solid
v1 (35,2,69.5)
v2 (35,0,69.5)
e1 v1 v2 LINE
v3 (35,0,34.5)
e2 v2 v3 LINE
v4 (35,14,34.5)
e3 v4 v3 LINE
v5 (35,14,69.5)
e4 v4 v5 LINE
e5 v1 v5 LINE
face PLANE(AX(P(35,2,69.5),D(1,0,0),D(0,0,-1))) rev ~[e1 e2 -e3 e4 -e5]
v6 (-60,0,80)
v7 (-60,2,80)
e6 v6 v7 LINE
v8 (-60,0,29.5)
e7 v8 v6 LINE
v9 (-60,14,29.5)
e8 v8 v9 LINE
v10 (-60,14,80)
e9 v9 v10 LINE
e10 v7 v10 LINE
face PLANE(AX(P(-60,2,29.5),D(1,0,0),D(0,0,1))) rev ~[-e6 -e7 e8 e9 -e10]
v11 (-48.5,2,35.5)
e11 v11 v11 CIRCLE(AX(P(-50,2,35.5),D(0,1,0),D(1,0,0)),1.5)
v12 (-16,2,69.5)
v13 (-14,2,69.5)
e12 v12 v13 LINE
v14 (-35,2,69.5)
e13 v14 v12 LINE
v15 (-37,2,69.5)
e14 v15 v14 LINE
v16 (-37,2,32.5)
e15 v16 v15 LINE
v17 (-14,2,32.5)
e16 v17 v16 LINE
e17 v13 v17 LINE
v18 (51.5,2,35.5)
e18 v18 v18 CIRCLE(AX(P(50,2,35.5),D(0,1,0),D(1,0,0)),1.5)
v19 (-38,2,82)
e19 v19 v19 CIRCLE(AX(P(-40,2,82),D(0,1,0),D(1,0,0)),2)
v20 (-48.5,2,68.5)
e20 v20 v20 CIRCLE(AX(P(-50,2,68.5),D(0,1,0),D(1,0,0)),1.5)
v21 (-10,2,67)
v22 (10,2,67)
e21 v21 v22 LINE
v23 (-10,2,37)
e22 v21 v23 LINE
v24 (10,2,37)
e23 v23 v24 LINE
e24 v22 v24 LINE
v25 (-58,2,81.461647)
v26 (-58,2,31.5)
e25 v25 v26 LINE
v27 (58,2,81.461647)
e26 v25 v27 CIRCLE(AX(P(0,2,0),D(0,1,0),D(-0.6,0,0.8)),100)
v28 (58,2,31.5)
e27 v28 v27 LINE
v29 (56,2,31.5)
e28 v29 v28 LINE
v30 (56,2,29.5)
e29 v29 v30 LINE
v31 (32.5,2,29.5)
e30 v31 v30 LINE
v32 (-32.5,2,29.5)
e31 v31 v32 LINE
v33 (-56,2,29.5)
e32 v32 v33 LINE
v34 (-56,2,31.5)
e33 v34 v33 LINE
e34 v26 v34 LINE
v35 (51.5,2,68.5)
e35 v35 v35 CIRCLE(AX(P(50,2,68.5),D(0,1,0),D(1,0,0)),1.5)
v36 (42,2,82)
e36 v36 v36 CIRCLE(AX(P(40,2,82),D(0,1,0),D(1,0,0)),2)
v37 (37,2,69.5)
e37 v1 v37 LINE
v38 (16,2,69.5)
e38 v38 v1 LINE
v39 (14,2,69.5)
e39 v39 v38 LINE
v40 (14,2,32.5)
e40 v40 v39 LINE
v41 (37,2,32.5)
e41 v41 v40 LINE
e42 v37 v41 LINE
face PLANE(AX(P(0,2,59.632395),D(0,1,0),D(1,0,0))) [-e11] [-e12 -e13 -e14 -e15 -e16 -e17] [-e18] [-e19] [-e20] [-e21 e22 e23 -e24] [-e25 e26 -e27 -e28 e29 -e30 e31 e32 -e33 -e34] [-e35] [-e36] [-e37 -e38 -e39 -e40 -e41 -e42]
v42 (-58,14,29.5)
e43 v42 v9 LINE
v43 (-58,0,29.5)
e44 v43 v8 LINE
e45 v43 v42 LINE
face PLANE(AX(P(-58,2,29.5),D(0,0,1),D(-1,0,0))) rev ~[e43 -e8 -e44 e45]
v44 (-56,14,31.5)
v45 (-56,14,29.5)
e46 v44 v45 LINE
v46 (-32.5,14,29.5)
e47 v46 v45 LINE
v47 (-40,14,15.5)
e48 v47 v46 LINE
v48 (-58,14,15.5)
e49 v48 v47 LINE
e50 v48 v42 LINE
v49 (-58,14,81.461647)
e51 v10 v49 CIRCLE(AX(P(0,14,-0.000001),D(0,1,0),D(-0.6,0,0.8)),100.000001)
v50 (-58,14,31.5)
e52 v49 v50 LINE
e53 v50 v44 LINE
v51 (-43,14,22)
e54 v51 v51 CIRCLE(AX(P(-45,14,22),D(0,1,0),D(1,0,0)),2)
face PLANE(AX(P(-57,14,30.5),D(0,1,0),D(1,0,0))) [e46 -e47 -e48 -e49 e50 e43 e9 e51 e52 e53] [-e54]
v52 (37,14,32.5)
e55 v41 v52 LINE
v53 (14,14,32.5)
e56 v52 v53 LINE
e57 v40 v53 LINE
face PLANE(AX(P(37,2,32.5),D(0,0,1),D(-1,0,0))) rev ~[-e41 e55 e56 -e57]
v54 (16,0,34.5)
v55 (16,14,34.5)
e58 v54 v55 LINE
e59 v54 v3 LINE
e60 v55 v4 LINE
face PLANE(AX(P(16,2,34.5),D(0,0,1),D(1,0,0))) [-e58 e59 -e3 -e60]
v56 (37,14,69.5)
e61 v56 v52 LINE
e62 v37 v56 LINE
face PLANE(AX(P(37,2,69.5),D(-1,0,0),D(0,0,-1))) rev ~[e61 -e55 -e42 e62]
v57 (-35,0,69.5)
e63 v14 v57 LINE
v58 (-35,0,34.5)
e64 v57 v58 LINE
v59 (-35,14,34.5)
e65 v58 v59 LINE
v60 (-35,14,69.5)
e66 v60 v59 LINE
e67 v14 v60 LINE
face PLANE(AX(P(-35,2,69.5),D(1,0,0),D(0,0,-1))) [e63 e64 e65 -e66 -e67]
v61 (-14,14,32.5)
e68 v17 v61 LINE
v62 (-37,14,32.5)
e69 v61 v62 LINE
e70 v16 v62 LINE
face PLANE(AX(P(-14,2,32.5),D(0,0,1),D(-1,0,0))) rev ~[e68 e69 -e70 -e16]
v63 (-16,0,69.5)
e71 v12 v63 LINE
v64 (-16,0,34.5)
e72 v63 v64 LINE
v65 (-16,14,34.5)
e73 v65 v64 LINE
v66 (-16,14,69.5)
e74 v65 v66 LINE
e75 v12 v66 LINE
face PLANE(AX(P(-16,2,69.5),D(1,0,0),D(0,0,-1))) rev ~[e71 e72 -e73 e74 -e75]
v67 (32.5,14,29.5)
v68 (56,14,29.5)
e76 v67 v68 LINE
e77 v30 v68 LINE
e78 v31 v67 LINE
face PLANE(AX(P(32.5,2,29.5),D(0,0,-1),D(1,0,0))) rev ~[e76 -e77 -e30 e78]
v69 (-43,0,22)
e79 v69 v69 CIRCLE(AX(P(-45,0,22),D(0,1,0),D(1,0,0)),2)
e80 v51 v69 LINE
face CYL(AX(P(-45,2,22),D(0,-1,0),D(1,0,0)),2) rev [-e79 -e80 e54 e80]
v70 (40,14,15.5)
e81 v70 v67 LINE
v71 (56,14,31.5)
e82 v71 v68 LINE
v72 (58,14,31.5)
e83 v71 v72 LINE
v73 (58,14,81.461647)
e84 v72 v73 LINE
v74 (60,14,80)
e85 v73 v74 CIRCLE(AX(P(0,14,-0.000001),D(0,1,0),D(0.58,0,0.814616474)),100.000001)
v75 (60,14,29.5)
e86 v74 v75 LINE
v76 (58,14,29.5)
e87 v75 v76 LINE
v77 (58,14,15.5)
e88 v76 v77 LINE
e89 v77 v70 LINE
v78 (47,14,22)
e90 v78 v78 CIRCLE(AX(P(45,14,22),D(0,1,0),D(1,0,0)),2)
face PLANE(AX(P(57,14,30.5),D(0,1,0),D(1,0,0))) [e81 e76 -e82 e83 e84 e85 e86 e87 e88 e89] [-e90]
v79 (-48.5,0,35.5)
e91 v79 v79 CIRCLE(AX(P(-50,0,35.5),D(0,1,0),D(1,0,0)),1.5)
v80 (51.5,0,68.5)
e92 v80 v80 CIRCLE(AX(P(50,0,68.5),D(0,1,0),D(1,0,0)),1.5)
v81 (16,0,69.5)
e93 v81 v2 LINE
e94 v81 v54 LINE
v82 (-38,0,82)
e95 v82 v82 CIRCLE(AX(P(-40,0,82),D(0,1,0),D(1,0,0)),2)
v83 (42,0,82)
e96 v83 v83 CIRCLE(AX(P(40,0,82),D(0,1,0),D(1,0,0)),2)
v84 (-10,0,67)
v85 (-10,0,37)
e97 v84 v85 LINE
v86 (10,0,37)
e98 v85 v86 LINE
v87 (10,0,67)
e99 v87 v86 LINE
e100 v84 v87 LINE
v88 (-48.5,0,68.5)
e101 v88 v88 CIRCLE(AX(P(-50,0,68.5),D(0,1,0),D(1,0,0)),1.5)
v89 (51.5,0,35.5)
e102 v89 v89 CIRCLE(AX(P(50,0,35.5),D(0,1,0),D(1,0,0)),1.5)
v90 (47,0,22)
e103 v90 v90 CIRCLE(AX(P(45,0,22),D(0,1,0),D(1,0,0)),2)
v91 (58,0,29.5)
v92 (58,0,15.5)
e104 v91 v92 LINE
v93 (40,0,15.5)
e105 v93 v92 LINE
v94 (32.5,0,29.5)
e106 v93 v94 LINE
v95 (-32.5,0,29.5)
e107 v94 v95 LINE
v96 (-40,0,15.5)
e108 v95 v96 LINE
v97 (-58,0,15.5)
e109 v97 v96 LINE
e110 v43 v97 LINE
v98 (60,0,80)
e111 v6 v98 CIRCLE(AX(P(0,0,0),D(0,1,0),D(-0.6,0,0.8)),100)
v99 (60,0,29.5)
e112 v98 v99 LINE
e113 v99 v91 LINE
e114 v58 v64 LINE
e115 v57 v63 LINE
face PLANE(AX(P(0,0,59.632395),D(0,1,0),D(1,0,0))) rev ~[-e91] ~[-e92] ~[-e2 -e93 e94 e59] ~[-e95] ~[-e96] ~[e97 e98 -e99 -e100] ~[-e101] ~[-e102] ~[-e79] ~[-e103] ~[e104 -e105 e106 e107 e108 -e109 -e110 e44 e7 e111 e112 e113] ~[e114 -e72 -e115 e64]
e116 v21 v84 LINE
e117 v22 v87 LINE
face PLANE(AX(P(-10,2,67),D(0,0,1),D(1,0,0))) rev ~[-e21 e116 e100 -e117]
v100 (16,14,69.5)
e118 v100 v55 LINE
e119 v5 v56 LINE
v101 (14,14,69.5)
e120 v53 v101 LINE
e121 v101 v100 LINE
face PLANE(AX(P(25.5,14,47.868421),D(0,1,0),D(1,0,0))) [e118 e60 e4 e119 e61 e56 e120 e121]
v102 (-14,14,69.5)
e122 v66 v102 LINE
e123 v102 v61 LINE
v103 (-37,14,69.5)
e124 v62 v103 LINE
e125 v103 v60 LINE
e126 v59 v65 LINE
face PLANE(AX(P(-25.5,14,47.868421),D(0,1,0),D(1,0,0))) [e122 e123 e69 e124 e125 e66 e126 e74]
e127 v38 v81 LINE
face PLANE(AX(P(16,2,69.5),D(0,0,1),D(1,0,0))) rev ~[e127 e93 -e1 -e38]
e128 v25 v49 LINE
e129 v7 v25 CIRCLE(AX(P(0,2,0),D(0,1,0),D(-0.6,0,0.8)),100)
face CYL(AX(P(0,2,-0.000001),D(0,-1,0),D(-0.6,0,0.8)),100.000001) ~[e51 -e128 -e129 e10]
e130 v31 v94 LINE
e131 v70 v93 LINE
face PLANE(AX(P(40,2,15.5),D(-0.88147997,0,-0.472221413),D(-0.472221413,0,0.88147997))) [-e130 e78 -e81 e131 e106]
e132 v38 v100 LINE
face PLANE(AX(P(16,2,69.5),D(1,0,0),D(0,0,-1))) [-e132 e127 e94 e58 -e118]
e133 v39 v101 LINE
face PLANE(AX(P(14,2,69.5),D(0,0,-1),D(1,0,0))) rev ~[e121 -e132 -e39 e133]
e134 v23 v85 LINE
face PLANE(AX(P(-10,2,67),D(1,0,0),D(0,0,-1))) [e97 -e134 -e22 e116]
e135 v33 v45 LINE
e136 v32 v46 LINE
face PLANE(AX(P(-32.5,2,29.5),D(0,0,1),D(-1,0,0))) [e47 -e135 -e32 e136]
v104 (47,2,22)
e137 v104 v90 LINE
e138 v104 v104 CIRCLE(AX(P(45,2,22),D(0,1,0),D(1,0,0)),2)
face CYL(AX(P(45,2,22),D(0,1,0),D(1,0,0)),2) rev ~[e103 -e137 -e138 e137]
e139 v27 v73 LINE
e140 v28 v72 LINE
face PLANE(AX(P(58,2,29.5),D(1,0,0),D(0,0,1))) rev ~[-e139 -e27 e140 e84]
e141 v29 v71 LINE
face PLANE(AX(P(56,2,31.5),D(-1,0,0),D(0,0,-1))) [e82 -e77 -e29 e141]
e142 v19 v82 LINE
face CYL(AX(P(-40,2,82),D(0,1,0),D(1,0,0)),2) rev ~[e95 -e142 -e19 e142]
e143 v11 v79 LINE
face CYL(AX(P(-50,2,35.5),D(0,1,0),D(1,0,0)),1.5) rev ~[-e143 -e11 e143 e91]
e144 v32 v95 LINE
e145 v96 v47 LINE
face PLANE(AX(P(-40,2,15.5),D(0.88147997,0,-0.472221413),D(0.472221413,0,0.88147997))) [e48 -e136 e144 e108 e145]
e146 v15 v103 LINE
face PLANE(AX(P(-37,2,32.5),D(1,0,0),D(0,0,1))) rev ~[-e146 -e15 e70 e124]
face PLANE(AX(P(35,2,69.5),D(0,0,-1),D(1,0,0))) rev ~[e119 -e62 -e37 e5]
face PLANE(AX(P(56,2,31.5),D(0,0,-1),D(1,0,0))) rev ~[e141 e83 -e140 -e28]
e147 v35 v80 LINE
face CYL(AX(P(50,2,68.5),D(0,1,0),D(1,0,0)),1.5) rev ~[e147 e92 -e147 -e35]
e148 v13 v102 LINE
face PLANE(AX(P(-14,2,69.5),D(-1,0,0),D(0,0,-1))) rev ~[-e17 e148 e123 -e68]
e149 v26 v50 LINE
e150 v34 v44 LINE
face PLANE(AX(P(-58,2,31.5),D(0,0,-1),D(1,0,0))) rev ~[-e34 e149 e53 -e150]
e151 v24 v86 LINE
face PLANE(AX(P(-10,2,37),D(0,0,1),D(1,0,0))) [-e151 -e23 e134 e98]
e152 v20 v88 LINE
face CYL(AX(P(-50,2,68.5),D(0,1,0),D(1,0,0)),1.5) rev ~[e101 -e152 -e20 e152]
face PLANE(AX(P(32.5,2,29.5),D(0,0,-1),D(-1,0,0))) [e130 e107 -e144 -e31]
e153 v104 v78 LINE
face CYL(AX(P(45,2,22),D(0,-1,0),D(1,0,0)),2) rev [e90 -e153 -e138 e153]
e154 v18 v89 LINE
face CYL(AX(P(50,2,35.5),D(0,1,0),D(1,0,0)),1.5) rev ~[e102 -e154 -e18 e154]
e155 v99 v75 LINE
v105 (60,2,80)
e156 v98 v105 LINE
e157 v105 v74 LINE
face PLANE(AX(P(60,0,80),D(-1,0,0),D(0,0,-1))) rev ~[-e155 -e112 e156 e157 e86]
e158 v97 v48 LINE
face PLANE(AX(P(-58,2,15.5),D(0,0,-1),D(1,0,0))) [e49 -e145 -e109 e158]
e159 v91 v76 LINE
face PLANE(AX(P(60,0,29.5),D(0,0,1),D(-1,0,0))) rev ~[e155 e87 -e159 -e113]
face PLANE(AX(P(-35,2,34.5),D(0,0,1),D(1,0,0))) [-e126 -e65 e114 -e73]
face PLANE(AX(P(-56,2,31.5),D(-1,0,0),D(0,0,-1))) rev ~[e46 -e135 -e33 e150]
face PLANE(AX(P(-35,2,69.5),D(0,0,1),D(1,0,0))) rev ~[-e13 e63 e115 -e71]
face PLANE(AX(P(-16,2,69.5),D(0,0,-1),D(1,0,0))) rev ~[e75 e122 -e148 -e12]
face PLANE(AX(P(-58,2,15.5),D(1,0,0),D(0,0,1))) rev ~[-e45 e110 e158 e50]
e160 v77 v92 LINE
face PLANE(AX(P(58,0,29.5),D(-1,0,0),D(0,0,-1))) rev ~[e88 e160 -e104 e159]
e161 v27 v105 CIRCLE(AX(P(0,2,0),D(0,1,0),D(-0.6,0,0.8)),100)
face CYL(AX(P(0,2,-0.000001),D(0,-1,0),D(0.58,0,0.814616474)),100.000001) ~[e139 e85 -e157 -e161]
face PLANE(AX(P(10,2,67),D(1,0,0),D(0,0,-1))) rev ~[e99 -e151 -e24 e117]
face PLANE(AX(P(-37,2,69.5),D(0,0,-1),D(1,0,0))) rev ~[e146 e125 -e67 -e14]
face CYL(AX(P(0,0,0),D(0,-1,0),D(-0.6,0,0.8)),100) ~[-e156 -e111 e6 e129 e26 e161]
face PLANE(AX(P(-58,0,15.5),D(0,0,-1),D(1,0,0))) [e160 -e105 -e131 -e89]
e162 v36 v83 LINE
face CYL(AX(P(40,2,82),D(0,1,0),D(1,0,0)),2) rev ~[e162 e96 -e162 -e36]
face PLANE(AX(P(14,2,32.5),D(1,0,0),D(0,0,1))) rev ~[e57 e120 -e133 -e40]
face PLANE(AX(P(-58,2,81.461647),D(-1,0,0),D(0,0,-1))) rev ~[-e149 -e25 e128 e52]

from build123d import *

# Parameters (mm, degrees)
SKETCH_1_W                  = 116
SKETCH_1_H                  = 14
EXTRUDE_763_DEPTH           = 2
CUT_EXTRUDE_1069_DEPTH      = 2
SKETCH_5_W                  = 19
SKETCH_5_H                  = 35
SKETCH_5_W_2                = 20
SKETCH_5_H_2                = 30
CUT_EXTRUDE_1759_DEPTH      = 2
EXTRUDE_3355_DEPTH          = 12
SKETCH_7_W                  = 2
SKETCH_7_H                  = 2
EXTRUDE_4350_DEPTH          = 12
SKETCH_2_R                  = 2
SKETCH_2_R_2                = 1.5
CUT_EXTRUDE_5250_DEPTH      = 12
CUT_EXTRUDE_5250_DEPTH_BACK = 2


with BuildPart() as part:
    # 草图1 → Extrude 763 (new body)
    with BuildSketch(Plane(origin=(0, 0, 0), x_dir=(1, 0, 0), z_dir=(0, 1, 0))):
        with BuildLine():
            Line((-60, -29.5), (-60, -80))
            ThreePointArc((-60, -80), (0, -100), (60, -80))
            Line((60, -80), (60, -29.5))
            Line((60, -29.5), (58, -29.5))
            Line((58, -29.5), (-58, -29.5))
            Line((-58, -29.5), (-60, -29.5))
        make_face()
        with Locations((0, -22.5)):
            Rectangle(SKETCH_1_W, SKETCH_1_H)
    extrude(amount=EXTRUDE_763_DEPTH)

    # 草图3 → Cut-Extrude 1069 (cut)
    with BuildSketch(Plane(origin=(0, 2, 0), x_dir=(1, 0, 0), z_dir=(0, 1, 0))):
        Polygon((-40, -15.5), (40, -15.5), (32.5, -29.5), (-32.5, -29.5), align=None)
    extrude(amount=-CUT_EXTRUDE_1069_DEPTH, mode=Mode.SUBTRACT)

    # 草图5 → Cut-Extrude 1759 (cut)
    with BuildSketch(Plane(origin=(0, 2, 0), x_dir=(1, 0, 0), z_dir=(0, 1, 0))):
        with Locations((-25.5, -52)):
            Rectangle(SKETCH_5_W, SKETCH_5_H)
        with Locations((25.5, -52)):
            Rectangle(SKETCH_5_W, SKETCH_5_H)
        with Locations((0, -52)):
            Rectangle(SKETCH_5_W_2, SKETCH_5_H_2)
    extrude(amount=-CUT_EXTRUDE_1759_DEPTH, mode=Mode.SUBTRACT)

    # 草图6 → Extrude 3355 (add)
    with BuildSketch(Plane(origin=(0, 2, 0), x_dir=(1, 0, 0), z_dir=(0, 1, 0))):
        with BuildLine():
            Line((-58, -81.461647418), (-58, -29.5))
            Line((-58, -29.5), (-60, -29.5))
            Line((-60, -29.5), (-60, -80))
            ThreePointArc((-60, -80), (-59.004526125, -80.737016893), (-58, -81.461647418))
        make_face()
        with BuildLine():
            Line((60, -29.5), (58, -29.5))
            Line((58, -29.5), (58, -81.461647418))
            ThreePointArc((58, -81.461647418), (59.004526125, -80.737016893), (60, -80))
            Line((60, -80), (60, -29.5))
        make_face()
        Polygon((-37, -32.5), (-37, -69.5), (-35, -69.5), (-35, -34.5), (-16, -34.5), (-16, -69.5), (-14, -69.5), (-14, -32.5), align=None)
        Polygon((35, -69.5), (37, -69.5), (37, -32.5), (14, -32.5), (14, -69.5), (16, -69.5), (16, -34.5), (35, -34.5), align=None)
    extrude(amount=EXTRUDE_3355_DEPTH)

    # 草图7 → Extrude 4350 (add)
    with BuildSketch(Plane(origin=(0, 2, 0), x_dir=(1, 0, 0), z_dir=(0, 1, 0))):
        with Locations((-57, -30.5)):
            Rectangle(SKETCH_7_W, SKETCH_7_H)
        Polygon((-32.5, -29.5), (-58, -29.5), (-58, -15.5), (-40, -15.5), align=None)
        with Locations((57, -30.5)):
            Rectangle(SKETCH_7_W, SKETCH_7_H)
        Polygon((32.5, -29.5), (58, -29.5), (58, -15.5), (40, -15.5), align=None)
    extrude(amount=EXTRUDE_4350_DEPTH)

    # 草图2 → Cut-Extrude 5250 (cut, two sides)
    with BuildSketch(Plane(origin=(0, 2, 0), x_dir=(1, 0, 0), z_dir=(0, 1, 0))) as cut_extrude_5250_sk:
        with Locations((-45, -22)):
            Circle(SKETCH_2_R)
        with Locations((-40, -82)):
            Circle(SKETCH_2_R)
        with Locations((40, -82)):
            Circle(SKETCH_2_R)
        with Locations((45, -22)):
            Circle(SKETCH_2_R)
        with Locations((-50, -35.5)):
            Circle(SKETCH_2_R_2)
        with Locations((-50, -68.5)):
            Circle(SKETCH_2_R_2)
        with Locations((50, -68.5)):
            Circle(SKETCH_2_R_2)
        with Locations((50, -35.5)):
            Circle(SKETCH_2_R_2)
    extrude(amount=CUT_EXTRUDE_5250_DEPTH, mode=Mode.SUBTRACT)
    extrude(cut_extrude_5250_sk.sketch, amount=-CUT_EXTRUDE_5250_DEPTH_BACK, mode=Mode.SUBTRACT)


solid = part.part
